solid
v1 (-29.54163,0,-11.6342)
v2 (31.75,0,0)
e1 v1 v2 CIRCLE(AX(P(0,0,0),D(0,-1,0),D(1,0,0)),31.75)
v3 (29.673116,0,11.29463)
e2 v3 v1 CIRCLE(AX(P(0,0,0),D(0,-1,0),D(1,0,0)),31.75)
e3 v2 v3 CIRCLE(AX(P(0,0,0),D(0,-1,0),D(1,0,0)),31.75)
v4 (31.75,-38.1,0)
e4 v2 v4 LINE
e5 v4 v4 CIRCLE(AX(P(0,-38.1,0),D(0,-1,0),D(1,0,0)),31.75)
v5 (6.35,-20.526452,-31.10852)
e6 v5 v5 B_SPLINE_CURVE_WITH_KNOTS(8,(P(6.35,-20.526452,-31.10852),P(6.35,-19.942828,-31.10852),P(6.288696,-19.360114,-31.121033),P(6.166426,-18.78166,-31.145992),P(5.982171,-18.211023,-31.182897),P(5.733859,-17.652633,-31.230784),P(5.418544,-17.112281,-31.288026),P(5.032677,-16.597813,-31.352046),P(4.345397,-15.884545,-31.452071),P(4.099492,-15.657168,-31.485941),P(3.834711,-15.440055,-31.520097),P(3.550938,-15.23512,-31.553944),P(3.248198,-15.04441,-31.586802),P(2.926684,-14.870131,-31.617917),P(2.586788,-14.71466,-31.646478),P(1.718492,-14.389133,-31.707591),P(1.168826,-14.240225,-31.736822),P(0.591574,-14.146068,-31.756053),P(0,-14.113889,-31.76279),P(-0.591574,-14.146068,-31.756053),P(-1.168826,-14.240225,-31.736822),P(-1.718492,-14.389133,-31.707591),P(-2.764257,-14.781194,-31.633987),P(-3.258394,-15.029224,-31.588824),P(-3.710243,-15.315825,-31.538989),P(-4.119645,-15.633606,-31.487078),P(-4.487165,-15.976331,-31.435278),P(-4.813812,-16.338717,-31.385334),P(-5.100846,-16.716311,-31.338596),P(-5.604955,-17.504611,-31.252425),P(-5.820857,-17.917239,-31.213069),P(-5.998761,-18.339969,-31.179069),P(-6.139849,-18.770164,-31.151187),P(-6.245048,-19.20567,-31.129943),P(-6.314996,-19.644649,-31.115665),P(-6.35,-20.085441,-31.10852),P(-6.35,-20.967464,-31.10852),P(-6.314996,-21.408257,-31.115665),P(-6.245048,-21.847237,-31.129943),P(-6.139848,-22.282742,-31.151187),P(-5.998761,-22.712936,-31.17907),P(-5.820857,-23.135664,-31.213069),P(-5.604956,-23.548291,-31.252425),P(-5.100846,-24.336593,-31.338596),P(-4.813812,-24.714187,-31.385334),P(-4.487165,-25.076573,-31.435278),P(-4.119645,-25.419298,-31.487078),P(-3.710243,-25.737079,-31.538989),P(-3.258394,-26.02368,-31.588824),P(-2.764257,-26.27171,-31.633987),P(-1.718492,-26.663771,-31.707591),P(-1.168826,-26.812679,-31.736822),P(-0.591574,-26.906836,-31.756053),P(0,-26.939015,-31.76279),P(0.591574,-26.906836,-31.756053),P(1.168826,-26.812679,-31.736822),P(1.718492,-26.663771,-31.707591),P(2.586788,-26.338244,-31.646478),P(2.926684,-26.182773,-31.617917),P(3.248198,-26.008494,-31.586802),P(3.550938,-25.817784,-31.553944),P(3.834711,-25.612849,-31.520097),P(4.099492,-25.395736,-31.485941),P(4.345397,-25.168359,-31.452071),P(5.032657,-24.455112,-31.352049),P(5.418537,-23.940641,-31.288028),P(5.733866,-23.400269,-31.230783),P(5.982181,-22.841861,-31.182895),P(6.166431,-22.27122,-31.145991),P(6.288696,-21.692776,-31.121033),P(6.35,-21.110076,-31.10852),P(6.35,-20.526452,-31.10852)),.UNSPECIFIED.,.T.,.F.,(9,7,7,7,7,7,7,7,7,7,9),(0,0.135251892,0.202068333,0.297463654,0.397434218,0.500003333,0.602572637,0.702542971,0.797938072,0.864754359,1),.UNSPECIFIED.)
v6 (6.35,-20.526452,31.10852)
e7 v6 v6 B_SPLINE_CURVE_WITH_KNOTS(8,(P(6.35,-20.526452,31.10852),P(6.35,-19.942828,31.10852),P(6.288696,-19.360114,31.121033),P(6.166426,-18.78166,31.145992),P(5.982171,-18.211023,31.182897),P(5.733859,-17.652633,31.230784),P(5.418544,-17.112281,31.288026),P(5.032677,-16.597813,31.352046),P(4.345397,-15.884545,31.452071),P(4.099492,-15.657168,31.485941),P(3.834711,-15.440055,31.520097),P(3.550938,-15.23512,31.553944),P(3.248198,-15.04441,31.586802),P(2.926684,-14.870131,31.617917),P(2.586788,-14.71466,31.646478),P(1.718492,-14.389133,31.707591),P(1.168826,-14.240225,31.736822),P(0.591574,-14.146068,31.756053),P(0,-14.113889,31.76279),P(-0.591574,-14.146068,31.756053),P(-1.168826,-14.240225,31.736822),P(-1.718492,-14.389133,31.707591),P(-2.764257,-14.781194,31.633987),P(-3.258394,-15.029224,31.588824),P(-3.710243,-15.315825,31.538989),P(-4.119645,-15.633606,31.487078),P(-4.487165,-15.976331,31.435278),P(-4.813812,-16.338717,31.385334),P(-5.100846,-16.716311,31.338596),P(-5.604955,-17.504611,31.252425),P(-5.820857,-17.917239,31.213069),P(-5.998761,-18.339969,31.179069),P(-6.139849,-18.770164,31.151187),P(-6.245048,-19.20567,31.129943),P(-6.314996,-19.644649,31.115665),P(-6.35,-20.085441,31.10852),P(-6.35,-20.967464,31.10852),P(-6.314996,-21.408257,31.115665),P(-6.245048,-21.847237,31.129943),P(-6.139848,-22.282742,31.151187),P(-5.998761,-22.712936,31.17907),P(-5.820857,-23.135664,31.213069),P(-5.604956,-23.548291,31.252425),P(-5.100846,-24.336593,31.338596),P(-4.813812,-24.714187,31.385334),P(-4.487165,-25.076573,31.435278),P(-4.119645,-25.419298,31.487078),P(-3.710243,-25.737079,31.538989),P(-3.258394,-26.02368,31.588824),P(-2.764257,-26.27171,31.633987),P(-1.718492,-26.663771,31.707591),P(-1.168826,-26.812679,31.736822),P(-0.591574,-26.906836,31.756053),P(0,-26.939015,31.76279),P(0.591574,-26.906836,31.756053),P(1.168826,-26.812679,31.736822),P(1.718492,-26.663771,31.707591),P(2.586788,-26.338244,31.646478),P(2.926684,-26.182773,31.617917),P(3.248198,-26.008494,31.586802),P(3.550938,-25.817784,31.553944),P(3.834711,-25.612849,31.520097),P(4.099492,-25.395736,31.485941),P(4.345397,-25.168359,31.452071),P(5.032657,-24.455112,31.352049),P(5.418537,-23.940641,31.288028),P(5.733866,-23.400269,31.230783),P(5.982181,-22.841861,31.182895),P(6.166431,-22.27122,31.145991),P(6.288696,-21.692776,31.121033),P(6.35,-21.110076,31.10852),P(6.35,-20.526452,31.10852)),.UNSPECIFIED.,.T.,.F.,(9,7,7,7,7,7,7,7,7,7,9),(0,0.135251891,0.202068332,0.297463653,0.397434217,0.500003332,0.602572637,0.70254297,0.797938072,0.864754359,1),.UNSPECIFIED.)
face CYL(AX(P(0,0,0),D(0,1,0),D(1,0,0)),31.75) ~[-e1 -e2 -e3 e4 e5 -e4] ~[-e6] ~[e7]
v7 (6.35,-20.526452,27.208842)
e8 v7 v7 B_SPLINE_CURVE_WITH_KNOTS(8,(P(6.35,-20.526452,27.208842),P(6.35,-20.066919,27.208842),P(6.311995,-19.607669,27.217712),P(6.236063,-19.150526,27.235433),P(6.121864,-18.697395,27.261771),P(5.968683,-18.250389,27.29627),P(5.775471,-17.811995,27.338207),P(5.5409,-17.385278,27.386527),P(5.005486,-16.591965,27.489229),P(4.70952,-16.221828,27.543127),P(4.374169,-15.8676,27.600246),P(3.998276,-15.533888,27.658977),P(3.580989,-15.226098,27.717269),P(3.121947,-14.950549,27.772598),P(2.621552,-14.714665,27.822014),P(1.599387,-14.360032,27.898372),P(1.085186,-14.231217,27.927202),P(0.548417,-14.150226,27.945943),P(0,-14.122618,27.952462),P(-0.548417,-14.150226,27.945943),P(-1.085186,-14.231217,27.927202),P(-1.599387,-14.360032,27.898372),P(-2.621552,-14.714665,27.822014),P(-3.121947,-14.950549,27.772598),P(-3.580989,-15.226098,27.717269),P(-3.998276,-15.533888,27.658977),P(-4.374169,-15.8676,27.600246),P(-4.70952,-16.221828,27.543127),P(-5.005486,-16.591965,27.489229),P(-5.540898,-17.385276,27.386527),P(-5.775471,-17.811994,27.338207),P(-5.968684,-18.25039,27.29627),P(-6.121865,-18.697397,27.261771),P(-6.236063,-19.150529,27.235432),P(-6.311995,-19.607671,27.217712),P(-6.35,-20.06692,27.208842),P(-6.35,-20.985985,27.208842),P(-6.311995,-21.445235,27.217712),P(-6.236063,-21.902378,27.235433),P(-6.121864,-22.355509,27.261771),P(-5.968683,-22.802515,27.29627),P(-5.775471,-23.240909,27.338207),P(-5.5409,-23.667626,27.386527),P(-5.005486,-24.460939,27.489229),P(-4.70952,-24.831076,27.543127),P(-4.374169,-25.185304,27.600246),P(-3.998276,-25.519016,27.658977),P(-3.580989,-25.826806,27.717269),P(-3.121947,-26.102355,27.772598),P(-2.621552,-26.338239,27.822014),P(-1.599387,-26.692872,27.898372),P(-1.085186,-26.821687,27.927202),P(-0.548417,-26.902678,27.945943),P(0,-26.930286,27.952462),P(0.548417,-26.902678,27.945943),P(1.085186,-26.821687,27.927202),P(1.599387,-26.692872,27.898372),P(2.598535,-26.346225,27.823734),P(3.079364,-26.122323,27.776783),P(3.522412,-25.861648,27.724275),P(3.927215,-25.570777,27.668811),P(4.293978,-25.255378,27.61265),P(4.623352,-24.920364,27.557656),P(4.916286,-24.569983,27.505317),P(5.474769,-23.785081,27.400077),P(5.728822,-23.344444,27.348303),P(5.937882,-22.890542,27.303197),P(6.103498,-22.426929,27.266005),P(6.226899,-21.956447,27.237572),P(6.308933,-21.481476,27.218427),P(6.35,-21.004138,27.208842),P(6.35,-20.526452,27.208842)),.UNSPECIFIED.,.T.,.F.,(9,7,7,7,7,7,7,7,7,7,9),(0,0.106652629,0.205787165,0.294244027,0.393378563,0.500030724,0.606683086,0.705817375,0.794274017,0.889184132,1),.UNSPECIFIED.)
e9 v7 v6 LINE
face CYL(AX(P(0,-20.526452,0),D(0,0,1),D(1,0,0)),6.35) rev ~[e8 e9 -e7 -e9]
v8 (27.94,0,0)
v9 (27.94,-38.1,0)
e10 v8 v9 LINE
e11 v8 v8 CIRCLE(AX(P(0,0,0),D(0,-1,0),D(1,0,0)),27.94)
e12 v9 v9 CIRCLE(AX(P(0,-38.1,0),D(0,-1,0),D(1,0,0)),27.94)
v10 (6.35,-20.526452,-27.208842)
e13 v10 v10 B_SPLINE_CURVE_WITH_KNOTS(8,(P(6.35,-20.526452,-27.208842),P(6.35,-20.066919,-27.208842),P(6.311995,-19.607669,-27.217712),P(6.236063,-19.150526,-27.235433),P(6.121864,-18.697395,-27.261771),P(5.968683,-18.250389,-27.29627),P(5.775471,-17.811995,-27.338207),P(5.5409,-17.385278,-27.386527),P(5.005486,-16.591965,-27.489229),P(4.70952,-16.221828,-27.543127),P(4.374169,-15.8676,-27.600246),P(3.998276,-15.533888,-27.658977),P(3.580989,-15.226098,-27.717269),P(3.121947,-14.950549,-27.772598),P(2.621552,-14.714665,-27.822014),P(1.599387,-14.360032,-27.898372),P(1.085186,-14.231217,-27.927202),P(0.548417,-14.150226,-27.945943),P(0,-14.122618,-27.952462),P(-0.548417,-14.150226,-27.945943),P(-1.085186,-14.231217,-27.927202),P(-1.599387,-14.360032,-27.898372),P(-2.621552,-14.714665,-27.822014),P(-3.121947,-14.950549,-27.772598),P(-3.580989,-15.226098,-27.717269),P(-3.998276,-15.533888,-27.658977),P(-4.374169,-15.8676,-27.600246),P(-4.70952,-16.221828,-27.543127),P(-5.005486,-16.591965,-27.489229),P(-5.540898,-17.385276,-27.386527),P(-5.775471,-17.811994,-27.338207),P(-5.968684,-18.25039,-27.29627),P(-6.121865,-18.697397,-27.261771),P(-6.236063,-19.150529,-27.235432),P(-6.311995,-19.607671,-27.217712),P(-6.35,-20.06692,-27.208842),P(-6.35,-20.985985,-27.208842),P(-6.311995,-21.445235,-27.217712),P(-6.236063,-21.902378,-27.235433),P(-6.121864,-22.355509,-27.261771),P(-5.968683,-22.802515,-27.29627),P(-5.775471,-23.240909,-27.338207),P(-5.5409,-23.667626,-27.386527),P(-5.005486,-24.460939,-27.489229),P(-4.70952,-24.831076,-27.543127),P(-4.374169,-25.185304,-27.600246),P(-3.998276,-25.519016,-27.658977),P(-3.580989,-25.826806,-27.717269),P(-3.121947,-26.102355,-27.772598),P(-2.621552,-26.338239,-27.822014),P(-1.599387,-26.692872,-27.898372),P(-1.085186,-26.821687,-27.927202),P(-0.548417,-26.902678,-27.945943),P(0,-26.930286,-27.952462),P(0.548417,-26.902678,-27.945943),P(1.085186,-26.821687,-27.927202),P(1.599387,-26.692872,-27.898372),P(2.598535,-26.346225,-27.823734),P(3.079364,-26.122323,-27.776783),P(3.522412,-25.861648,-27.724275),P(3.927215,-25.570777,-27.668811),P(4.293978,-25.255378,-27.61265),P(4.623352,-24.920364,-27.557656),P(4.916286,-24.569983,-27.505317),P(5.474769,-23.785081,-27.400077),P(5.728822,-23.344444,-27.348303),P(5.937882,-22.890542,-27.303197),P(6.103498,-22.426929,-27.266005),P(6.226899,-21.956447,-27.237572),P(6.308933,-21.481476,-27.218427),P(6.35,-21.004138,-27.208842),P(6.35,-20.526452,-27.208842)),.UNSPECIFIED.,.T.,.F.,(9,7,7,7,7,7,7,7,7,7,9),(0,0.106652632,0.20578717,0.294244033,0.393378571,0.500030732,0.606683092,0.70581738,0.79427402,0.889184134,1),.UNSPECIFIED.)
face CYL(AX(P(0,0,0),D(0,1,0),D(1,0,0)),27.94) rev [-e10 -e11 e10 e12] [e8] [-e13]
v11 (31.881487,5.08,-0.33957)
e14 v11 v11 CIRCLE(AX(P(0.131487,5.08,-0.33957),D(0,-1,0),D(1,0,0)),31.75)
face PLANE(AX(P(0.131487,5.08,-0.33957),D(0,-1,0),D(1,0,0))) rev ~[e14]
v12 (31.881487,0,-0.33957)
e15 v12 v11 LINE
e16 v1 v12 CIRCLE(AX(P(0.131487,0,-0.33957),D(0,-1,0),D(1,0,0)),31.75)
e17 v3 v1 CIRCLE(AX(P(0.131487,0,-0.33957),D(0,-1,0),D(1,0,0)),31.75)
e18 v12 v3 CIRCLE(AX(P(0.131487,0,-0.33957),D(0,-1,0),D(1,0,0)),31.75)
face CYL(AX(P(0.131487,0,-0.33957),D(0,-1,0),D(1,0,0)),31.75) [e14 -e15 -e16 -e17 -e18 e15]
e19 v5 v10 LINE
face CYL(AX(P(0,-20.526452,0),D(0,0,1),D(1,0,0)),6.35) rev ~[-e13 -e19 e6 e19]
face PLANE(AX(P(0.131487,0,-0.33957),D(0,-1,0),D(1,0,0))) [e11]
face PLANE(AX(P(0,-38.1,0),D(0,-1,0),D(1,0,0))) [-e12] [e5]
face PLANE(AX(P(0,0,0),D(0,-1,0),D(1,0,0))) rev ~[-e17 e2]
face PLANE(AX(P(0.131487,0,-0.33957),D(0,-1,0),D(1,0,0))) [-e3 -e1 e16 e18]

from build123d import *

# Parameters (mm, degrees)
F0_R     = 31.75
F0_R_2   = 27.94
F1_DEPTH = 38.1
F2_R     = 31.75
F3_DEPTH = 5.08
F4_R     = 6.35
F5_DEPTH = 61.976


with BuildPart() as f1:
    # F0 (on Front) → F1 (new body)
    with BuildSketch(Plane.XZ):
        Circle(F0_R)
        Circle(F0_R_2, mode=Mode.SUBTRACT)
    extrude(amount=F1_DEPTH)

    # F2 (on Front) → F3 (join)
    with BuildSketch(Plane.XZ):
        with Locations((0.1314867404, -0.3395704844)):
            Circle(F2_R)
    extrude(amount=-F3_DEPTH)

    # F4 (on Top) → F5 (cut, symmetric)
    with BuildSketch(Plane.XY):
        with Locations((0, -20.52645199)):
            Circle(F4_R)
    extrude(amount=F5_DEPTH, both=True, mode=Mode.SUBTRACT)


solid = f1.part
